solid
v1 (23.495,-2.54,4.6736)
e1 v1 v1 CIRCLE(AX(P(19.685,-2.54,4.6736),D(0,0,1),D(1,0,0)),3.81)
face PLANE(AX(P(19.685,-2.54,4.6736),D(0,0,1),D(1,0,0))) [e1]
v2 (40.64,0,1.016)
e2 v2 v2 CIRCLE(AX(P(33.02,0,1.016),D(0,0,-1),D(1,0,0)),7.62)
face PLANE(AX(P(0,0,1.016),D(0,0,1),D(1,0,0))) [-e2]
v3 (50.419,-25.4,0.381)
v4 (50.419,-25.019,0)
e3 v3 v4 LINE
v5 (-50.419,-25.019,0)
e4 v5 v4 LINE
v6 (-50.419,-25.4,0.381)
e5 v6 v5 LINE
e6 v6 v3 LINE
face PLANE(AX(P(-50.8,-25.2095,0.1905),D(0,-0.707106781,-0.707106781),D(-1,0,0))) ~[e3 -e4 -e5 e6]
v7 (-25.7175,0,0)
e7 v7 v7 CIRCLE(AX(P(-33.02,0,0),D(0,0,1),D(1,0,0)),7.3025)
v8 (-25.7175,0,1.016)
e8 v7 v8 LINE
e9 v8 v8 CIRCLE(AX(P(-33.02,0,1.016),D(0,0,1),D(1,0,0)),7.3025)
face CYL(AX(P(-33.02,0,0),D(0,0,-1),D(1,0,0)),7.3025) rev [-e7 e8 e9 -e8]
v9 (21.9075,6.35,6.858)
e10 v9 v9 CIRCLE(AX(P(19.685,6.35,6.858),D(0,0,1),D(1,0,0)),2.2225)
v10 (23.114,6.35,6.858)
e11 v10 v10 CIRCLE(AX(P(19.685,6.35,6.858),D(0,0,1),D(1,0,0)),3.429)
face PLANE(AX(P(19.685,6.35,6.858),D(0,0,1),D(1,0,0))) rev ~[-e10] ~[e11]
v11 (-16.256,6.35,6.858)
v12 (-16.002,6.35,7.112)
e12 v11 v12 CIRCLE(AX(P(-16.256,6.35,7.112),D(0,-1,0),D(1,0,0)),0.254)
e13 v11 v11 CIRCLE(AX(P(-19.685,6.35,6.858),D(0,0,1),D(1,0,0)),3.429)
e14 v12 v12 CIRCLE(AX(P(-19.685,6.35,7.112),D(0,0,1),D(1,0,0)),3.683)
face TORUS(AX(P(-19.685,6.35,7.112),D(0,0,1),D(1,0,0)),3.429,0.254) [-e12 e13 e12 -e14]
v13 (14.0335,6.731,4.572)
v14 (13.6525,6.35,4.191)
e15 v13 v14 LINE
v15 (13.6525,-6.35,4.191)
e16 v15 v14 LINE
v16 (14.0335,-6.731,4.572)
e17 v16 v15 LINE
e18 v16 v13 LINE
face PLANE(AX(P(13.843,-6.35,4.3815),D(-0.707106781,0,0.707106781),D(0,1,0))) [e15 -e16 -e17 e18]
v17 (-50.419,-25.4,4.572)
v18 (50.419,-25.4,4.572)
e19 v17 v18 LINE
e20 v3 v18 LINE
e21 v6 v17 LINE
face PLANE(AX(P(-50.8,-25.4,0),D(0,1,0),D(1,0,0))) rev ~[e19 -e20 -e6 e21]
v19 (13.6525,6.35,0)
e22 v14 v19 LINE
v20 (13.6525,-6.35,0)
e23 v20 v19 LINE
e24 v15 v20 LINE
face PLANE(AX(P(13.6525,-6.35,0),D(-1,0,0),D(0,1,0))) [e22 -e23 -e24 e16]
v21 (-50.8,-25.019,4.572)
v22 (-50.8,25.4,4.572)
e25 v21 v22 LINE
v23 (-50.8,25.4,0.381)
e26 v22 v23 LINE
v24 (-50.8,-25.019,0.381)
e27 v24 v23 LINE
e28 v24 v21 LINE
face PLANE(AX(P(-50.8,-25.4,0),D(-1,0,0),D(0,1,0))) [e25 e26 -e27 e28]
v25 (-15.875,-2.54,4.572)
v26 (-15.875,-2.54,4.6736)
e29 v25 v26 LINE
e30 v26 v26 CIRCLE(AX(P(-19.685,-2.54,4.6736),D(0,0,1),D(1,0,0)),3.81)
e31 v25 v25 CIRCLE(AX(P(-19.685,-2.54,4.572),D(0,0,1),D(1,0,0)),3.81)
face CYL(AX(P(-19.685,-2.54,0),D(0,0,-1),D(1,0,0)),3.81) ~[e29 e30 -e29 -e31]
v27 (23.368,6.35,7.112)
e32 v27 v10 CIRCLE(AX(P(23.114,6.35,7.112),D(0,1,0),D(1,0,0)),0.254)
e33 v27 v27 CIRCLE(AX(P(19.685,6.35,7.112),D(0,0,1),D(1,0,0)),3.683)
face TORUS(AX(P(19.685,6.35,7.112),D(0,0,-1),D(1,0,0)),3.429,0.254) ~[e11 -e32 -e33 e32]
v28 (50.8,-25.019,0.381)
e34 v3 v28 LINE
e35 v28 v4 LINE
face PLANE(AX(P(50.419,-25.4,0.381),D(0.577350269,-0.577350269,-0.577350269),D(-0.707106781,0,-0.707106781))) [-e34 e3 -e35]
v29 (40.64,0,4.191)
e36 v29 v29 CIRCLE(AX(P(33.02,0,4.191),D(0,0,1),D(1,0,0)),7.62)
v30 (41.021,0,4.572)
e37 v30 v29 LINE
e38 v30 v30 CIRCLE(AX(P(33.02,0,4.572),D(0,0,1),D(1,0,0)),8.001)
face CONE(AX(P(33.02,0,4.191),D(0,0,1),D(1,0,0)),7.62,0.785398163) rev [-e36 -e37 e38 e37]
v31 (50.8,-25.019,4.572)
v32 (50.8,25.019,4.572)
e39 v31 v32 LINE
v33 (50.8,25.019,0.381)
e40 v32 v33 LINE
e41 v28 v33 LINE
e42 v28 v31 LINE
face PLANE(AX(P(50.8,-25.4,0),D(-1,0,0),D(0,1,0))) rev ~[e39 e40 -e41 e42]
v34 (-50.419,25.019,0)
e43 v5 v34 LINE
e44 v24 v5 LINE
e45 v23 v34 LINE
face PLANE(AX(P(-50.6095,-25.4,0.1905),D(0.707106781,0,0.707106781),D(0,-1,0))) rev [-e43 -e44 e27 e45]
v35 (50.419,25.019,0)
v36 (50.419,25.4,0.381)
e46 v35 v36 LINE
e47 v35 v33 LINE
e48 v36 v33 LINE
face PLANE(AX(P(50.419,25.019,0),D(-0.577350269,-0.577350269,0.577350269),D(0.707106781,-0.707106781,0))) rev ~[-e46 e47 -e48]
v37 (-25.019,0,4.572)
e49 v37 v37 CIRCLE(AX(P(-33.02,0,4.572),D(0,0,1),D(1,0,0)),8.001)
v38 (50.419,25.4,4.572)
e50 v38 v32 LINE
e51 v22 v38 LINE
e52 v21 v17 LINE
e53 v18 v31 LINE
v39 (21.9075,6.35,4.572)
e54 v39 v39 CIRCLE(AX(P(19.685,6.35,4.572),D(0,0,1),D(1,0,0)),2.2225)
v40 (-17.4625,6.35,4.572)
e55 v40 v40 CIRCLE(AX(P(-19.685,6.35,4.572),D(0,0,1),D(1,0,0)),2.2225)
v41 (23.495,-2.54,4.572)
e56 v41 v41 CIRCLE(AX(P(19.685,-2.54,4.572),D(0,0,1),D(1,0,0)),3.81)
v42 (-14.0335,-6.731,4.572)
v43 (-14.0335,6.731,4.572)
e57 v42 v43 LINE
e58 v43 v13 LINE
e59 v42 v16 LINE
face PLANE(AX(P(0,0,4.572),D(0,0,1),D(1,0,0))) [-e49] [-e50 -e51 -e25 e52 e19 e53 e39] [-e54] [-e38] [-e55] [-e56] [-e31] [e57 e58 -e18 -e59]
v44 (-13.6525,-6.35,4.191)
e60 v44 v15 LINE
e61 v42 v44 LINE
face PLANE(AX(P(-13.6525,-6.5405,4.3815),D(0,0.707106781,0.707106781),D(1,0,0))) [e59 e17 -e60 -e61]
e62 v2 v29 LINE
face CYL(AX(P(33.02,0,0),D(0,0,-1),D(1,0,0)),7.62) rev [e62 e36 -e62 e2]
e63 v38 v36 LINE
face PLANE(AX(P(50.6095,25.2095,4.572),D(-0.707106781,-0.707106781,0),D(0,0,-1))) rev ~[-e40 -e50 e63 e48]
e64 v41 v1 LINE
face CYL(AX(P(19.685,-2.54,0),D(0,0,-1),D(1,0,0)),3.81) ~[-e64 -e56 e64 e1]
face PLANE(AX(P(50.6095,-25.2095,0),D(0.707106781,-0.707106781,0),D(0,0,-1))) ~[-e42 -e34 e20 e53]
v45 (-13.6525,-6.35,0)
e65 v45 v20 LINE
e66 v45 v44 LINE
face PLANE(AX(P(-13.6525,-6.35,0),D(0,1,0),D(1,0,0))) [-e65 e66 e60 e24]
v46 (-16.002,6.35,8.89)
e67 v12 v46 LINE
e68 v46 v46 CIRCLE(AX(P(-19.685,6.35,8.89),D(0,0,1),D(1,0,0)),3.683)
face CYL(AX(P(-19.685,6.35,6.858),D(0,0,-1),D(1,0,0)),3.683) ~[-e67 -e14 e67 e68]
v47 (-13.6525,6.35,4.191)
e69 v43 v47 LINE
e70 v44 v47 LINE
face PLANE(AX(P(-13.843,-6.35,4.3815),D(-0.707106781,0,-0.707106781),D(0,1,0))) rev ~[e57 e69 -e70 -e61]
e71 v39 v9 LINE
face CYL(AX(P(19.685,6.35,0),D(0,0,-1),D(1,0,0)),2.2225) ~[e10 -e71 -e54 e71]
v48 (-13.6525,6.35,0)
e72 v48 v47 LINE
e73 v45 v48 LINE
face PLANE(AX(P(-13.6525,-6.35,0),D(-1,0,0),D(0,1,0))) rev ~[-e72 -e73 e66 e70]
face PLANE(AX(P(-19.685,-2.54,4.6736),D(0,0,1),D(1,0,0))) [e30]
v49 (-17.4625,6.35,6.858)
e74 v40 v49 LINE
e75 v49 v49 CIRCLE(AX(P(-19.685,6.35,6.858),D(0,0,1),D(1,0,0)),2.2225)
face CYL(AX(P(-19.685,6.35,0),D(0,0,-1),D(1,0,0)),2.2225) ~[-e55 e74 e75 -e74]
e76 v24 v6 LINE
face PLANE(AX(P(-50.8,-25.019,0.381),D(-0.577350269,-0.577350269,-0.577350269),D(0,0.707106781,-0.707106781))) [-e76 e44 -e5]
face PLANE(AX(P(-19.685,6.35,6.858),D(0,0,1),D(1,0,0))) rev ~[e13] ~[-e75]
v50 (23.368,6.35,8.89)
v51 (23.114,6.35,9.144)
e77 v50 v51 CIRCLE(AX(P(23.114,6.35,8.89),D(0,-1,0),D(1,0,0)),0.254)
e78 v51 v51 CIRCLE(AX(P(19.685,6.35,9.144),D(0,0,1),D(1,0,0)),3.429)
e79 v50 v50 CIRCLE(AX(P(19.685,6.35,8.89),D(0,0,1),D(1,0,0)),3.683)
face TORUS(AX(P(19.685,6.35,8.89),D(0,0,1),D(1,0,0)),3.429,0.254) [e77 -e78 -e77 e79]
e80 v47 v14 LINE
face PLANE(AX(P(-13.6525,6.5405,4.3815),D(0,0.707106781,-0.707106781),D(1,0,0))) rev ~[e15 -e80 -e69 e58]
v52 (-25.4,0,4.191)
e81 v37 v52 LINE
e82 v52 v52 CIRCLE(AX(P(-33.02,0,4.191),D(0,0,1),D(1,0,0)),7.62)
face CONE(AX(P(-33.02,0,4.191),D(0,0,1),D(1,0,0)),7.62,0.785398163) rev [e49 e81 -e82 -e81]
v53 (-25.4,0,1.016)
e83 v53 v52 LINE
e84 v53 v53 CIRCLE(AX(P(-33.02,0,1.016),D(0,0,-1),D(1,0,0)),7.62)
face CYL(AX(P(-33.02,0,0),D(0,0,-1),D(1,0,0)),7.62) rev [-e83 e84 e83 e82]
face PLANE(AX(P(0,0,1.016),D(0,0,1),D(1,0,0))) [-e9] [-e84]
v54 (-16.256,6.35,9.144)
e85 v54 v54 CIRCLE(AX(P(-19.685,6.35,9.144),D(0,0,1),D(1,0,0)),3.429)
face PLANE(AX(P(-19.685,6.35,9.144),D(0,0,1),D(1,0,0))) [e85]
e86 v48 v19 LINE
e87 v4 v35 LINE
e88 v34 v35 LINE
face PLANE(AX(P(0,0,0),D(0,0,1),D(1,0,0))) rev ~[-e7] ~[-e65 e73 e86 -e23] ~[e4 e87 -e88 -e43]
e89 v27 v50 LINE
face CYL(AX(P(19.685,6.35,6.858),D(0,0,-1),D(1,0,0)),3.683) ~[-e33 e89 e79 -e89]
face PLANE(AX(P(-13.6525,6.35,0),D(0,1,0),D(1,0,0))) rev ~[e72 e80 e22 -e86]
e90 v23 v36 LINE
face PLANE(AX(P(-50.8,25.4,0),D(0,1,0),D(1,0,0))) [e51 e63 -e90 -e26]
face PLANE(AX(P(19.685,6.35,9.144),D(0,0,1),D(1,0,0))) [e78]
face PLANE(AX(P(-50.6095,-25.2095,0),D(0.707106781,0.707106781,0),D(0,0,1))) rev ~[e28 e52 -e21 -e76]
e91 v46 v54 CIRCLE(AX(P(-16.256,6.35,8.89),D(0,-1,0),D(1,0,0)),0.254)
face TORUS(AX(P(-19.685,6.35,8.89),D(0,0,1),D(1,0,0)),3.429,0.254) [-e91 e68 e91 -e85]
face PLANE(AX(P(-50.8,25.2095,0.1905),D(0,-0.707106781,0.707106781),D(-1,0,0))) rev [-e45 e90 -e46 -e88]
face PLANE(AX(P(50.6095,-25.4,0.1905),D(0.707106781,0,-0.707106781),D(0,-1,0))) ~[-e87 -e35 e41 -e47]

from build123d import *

# Parameters (mm, degrees)
F0_W     = 101.6
F0_H     = 50.8
F0_R     = 7.62
F0_R_2   = 3.81
F0_W_2   = 27.305
F0_H_2   = 12.7
F0_R_3   = 2.2225
F1_DEPTH = 4.572
F0_R_4   = 7.3025
F2_DEPTH = 1.016
F0_R_5   = 2.2174229623
F3_DEPTH = 6.858
F4_DEPTH = 4.6736
F5_R     = 3.683
F5_R_2   = 2.2225
F6_DEPTH = 2.286
F7_R     = 0.254
F8_SIZE  = 0.381


with BuildPart() as f1:
    # F0 (on Top) → F1 (new body)
    with BuildSketch(Plane.XY):
        Rectangle(F0_W, F0_H)
        with Locations((-33.02, 0)):
            Circle(F0_R, mode=Mode.SUBTRACT)
        with Locations((-19.685, -2.54)):
            Circle(F0_R_2, mode=Mode.SUBTRACT)
        Rectangle(F0_W_2, F0_H_2, mode=Mode.SUBTRACT)
        with Locations((19.685, -2.54)):
            Circle(F0_R_2, mode=Mode.SUBTRACT)
        with Locations((33.02, 0)):
            Circle(F0_R, mode=Mode.SUBTRACT)
        with Locations((-19.685, 6.35)):
            Circle(F0_R_3, mode=Mode.SUBTRACT)
        with Locations((19.685, 6.35)):
            Circle(F0_R_3, mode=Mode.SUBTRACT)
    extrude(amount=F1_DEPTH)

    # F0 (on Top) → F2 (join)
    with BuildSketch(Plane.XY):
        Rectangle(F0_W, F0_H)
        with Locations((-33.02, 0)):
            Circle(F0_R, mode=Mode.SUBTRACT)
        with Locations((-19.685, -2.54)):
            Circle(F0_R_2, mode=Mode.SUBTRACT)
        Rectangle(F0_W_2, F0_H_2, mode=Mode.SUBTRACT)
        with Locations((19.685, -2.54)):
            Circle(F0_R_2, mode=Mode.SUBTRACT)
        with Locations((33.02, 0)):
            Circle(F0_R, mode=Mode.SUBTRACT)
        with Locations((-19.685, 6.35)):
            Circle(F0_R_3, mode=Mode.SUBTRACT)
        with Locations((19.685, 6.35)):
            Circle(F0_R_3, mode=Mode.SUBTRACT)
        with Locations((33.02, 0)):
            Circle(F0_R)
        with Locations((-33.02, 0)):
            Circle(F0_R)
        with Locations((-33.02, 0)):
            Circle(F0_R_4, mode=Mode.SUBTRACT)
    extrude(amount=F2_DEPTH)

    # F0 (on Top) → F3 (join)
    with BuildSketch(Plane.XY):
        with Locations((19.685, 6.35)):
            Circle(F0_R_3)
        with Locations((19.685, 6.35)):
            Circle(F0_R_5, mode=Mode.SUBTRACT)
        with Locations((19.685, 6.35)):
            Circle(F0_R_5)
        with Locations((-19.685, 6.35)):
            Circle(F0_R_3)
    extrude(amount=F3_DEPTH)

    # F0 (on Top) → F4 (join)
    with BuildSketch(Plane.XY):
        with Locations((-19.685, -2.54)):
            Circle(F0_R_2)
        with Locations((19.685, -2.54)):
            Circle(F0_R_2)
    extrude(amount=F4_DEPTH)

    # F5 (on face) → F6 (join)
    with BuildSketch(Plane.XY.offset(6.858)):
        with Locations((19.685, 6.35)):
            Circle(F5_R)
        with Locations((19.685, 6.35)):
            Circle(F5_R_2, mode=Mode.SUBTRACT)
        with Locations((-19.685, 6.35)):
            Circle(F5_R)
        with Locations((19.685, 6.35)):
            Circle(F5_R_2)
    extrude(amount=F6_DEPTH)

    # F7
    f7_edges = [f1.edges().sort_by_distance(p)[0] for p in [
        (-23.368, 6.35, 9.144),
        (-16.002, 6.35, 8.001),
        (-23.368, 6.35, 6.858),
        (16.002, 6.35, 9.144),
        (16.002, 6.35, 6.858),
    ]]
    fillet(f7_edges, radius=F7_R)

    # F8
    f8_edges = [f1.edges().sort_by_distance(p)[0] for p in [
        (25.4, 0, 4.572),
        (-40.64, 0, 4.572),
        (50.8, 25.4, 2.286),
        (0, 25.4, 0),
        (50.8, 0, 0),
        (50.8, -25.4, 2.286),
        (0, -25.4, 0),
        (-50.8, -25.4, 2.286),
        (-50.8, 0, 0),
        (0, 6.35, 4.572),
        (-13.6525, 0, 4.572),
        (0, -6.35, 4.572),
        (13.6525, 0, 4.572),
    ]]
    chamfer(f8_edges, length=F8_SIZE)


solid = f1.part
